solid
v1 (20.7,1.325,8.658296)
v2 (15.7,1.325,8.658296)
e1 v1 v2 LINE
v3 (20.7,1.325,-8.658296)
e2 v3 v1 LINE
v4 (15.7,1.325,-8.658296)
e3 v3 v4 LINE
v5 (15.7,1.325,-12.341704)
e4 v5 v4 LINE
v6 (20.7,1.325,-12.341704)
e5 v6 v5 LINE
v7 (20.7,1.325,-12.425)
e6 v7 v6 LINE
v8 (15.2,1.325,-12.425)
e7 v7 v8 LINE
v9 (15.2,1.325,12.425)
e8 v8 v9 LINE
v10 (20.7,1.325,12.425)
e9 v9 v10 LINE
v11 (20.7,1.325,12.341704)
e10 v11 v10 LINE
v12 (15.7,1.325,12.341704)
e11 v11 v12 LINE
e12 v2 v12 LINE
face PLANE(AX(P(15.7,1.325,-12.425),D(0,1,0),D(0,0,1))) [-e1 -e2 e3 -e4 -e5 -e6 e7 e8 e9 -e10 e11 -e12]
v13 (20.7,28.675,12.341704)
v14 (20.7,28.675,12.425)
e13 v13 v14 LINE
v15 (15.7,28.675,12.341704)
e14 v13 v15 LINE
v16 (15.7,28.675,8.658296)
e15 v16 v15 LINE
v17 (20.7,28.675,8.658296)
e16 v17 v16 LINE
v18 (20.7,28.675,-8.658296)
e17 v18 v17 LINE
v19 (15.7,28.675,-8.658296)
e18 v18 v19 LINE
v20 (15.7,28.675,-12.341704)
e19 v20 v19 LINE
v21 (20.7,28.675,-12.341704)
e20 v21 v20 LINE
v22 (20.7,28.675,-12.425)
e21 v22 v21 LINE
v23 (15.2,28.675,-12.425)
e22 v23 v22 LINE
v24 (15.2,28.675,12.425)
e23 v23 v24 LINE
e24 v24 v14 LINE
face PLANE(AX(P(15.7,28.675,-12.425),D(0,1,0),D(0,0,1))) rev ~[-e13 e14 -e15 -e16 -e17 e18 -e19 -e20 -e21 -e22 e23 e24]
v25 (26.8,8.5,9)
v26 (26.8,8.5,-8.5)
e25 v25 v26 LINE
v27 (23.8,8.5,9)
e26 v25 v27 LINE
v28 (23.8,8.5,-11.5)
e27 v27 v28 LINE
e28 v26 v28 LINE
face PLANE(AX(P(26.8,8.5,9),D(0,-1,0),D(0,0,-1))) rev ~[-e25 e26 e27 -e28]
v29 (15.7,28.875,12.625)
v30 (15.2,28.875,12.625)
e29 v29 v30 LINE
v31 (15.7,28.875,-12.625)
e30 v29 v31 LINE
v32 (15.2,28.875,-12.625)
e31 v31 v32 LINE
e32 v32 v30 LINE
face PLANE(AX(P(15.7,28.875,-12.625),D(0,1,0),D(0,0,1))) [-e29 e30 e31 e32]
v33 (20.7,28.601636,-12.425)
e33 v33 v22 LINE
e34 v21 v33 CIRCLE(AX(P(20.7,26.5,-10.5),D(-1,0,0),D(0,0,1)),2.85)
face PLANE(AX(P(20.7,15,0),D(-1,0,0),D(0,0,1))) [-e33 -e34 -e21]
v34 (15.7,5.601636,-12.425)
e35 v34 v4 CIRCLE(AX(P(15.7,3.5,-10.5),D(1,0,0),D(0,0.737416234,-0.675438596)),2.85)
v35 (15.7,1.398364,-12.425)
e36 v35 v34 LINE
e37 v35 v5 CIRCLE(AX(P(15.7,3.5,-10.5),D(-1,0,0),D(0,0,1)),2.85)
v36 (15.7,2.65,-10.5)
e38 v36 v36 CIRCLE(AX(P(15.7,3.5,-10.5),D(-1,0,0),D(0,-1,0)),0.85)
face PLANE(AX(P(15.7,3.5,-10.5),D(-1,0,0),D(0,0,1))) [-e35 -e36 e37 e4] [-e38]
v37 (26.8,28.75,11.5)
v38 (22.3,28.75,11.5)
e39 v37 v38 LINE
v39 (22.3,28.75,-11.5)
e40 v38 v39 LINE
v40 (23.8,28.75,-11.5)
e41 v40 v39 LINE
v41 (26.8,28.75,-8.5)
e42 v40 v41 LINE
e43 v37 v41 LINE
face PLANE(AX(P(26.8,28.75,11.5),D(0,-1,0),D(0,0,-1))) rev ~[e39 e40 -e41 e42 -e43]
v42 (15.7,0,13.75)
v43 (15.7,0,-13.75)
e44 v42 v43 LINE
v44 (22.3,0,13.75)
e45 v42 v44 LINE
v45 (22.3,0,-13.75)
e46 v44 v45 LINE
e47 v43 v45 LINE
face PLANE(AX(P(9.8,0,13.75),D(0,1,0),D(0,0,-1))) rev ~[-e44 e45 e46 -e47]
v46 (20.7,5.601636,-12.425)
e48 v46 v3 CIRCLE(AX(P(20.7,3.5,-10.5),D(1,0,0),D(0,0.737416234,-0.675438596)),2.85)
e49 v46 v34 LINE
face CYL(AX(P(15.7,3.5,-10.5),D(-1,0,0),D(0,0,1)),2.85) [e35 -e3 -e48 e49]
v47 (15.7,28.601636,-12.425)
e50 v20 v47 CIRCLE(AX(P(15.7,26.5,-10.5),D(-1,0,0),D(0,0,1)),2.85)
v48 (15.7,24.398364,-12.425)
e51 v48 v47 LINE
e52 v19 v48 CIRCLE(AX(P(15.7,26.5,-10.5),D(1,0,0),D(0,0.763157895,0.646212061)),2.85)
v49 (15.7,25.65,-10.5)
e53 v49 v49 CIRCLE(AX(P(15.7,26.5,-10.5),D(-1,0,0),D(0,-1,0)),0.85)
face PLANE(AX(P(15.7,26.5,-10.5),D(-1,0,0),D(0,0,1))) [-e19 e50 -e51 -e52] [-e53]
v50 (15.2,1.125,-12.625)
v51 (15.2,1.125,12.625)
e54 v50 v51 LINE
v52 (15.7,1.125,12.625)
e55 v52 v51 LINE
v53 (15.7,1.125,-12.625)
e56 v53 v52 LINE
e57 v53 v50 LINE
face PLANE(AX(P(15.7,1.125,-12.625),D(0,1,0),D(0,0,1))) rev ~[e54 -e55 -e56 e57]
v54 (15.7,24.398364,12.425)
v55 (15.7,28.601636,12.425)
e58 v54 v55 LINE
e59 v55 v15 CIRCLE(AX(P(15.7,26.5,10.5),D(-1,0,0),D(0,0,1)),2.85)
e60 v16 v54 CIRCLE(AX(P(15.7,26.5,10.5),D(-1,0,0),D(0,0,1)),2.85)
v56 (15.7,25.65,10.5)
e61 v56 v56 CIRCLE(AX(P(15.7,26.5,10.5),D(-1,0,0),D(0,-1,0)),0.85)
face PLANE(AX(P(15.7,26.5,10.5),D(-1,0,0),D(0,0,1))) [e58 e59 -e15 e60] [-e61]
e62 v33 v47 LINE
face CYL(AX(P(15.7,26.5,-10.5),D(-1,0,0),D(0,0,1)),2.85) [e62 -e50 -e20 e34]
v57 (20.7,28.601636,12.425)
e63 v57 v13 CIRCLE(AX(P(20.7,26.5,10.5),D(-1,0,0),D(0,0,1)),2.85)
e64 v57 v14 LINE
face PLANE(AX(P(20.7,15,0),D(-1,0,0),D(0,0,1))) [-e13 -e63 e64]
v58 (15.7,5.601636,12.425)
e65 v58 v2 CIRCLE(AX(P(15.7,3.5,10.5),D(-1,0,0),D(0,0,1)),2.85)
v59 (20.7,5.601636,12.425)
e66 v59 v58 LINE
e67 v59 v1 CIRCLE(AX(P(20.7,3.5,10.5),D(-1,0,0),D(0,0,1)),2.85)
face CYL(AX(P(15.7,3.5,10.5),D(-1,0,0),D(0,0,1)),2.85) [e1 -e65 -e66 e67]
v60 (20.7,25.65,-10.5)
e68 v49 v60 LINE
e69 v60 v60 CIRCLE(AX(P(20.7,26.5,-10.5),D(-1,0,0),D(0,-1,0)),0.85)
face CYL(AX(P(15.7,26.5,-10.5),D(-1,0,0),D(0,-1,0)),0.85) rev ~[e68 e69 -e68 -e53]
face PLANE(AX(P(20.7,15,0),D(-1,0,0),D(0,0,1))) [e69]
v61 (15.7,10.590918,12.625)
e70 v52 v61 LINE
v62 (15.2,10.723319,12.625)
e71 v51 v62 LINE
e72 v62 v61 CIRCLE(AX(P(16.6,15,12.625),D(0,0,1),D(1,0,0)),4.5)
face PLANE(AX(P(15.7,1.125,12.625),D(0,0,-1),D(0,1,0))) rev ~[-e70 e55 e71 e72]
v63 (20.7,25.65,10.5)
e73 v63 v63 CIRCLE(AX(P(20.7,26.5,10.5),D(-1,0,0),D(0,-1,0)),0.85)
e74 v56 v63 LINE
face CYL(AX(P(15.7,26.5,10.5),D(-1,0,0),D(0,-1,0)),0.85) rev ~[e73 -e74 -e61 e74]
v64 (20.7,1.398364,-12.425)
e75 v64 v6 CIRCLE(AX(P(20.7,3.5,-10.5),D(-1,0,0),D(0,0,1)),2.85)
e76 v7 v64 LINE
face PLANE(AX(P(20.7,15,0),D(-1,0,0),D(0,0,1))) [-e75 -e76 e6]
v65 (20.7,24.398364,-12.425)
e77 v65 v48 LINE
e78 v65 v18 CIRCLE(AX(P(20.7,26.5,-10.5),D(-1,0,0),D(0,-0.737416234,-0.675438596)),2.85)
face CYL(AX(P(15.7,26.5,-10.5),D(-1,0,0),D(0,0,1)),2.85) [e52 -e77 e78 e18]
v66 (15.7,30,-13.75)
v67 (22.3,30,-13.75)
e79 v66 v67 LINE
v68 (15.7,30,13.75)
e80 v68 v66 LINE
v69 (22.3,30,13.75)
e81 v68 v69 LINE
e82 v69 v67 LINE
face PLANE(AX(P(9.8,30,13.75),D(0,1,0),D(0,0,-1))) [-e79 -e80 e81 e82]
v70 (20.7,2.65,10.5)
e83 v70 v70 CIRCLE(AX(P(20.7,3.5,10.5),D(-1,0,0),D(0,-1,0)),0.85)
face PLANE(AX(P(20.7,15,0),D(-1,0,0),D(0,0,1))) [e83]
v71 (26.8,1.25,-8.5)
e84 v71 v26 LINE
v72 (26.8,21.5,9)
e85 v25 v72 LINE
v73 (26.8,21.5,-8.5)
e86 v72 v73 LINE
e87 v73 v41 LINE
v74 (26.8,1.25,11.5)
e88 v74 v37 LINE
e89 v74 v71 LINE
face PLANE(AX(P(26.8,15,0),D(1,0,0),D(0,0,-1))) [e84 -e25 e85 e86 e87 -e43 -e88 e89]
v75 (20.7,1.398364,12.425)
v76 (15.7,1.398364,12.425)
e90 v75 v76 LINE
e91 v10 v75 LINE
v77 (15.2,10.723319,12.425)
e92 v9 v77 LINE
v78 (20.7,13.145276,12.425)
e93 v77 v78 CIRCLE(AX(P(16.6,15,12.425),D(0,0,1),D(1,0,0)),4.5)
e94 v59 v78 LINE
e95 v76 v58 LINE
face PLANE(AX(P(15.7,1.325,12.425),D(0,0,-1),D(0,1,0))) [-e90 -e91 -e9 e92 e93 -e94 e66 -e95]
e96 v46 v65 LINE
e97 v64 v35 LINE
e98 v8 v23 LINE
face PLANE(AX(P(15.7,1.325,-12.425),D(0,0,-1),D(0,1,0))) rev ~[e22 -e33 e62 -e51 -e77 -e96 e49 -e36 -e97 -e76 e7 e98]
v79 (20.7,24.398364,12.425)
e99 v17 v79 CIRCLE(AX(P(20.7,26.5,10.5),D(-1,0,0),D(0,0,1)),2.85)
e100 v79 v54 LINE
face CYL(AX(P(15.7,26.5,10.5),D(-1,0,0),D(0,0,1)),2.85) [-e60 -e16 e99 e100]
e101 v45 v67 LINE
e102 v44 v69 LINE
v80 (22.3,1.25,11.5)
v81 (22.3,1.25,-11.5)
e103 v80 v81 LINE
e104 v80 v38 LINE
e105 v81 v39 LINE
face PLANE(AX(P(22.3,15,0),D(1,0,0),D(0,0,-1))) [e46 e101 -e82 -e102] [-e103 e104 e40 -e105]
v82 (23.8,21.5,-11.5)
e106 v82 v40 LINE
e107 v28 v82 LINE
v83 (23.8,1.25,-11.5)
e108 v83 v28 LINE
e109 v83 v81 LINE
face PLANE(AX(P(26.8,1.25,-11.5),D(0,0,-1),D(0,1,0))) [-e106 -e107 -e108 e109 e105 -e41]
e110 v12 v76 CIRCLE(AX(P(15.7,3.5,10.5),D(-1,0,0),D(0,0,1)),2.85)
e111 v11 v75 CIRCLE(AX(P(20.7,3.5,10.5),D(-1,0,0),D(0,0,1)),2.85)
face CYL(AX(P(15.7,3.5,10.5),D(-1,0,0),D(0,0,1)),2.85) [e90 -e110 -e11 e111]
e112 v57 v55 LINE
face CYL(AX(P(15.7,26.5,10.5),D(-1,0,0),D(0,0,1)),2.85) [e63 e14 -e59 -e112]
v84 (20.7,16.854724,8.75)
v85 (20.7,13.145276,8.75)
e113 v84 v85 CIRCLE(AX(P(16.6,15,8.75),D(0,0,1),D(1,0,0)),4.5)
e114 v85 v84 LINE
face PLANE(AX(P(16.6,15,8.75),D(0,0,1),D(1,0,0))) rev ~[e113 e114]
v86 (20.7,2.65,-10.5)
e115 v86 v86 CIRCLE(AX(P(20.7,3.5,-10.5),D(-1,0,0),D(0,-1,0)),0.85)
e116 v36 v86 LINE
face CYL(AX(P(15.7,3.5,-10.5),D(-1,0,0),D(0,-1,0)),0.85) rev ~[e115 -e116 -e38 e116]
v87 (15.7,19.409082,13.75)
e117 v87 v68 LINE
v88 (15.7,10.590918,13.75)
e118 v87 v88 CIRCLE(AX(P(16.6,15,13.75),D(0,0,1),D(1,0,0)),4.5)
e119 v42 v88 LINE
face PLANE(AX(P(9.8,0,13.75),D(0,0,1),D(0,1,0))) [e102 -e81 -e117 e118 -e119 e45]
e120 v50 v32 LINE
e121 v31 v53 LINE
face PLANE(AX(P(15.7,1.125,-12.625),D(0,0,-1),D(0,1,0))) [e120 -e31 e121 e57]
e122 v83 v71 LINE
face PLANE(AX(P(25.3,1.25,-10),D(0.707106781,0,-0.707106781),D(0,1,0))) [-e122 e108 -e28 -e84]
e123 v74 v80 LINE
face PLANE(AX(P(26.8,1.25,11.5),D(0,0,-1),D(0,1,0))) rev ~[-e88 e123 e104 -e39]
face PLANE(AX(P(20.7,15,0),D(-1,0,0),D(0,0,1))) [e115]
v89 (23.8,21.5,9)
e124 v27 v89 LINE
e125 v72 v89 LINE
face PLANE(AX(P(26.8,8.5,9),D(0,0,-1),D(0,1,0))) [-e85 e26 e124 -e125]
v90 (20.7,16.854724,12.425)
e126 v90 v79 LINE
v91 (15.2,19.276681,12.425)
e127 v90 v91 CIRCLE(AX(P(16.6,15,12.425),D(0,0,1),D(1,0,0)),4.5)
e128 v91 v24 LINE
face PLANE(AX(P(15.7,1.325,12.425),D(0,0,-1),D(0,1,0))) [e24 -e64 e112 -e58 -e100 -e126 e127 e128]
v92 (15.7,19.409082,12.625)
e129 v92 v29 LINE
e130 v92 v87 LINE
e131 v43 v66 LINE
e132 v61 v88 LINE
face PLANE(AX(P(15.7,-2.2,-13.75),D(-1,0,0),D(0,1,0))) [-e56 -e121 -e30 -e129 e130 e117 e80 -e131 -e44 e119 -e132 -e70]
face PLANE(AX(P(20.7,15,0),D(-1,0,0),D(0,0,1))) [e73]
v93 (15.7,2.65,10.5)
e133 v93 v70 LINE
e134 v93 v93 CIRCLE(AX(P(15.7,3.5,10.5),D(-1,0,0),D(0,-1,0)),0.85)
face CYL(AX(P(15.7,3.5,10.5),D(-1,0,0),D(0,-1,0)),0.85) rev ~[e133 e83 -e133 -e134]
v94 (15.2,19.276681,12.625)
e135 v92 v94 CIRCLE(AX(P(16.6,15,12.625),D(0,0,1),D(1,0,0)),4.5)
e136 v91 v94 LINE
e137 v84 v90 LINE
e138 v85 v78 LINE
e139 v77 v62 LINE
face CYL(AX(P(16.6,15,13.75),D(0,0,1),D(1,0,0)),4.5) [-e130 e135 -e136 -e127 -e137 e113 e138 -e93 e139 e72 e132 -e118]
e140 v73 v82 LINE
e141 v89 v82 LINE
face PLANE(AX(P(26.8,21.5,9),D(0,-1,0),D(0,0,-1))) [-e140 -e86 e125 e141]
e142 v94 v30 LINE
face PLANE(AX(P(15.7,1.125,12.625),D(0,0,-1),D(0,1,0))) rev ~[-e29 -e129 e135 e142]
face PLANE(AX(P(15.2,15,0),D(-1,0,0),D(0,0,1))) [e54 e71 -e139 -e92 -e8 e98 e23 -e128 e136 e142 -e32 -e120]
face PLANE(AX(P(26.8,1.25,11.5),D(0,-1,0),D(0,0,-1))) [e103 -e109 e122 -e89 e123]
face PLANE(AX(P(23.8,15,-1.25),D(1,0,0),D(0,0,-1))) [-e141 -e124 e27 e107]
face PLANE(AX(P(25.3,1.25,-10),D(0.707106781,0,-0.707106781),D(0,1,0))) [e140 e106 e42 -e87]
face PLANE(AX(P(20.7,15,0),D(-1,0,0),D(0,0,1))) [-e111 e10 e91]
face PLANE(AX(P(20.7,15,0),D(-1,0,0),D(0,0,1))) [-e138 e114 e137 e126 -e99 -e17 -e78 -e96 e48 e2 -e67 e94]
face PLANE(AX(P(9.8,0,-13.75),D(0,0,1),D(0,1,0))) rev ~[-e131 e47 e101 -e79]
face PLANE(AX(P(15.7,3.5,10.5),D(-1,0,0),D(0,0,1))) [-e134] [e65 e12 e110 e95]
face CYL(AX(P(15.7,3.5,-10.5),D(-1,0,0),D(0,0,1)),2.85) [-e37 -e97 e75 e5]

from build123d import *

# Parameters (mm, degrees)
SKETCH_1_R                 = 2.9
EXTRUDE_1_DEPTH            = 30
SKETCH_2_W                 = 27.5
SKETCH_2_H                 = 30
EXTRUDE_2_DEPTH            = 17
CUT_EXTRUDE_1_REACH        = 39.833
SKETCH_3_W                 = 27.5
SKETCH_3_H                 = 19.8
SKETCH_4_W                 = 27.5
SKETCH_4_H                 = 30
SKETCH_4_W_2               = 23
SKETCH_4_H_2               = 27.5
CUT_EXTRUDE_2_DEPTH        = 4.5
CHAMFER_1_SIZE             = 3
SKETCH_5_W                 = 20.5
SKETCH_5_H                 = 13
CUT_EXTRUDE_3_DEPTH        = 3
SKETCH_6_R                 = 7.5
SKETCH_6_R_2               = 2.9
EXTRUDE_3_DEPTH            = 2.2
CHAMFER_2_SIZE             = 2
CHAMFER_2_OF_MIRROR_1_SIZE = 2
CUT_EXTRUDE_4_REACH        = 52.113
SKETCH_7_W                 = 25
SKETCH_7_H                 = 34.4
SKETCH_8_W                 = 25.25
SKETCH_8_H                 = 27.75
SKETCH_8_W_2               = 24.85
SKETCH_8_H_2               = 27.35
EXTRUDE_4_DEPTH            = 0.5
SKETCH_9_W                 = 24.85
SKETCH_9_H                 = 27.35
CUT_EXTRUDE_5_DEPTH        = 5
SKETCH_10_R                = 4.5
EXTRUDE_5_DEPTH            = 5
SKETCH_11_R                = 2.85
SKETCH_11_R_2              = 0.85
EXTRUDE_6_DEPTH            = 5


with BuildPart() as part:
    # 草图1 → 凸台-拉伸1 (new body)
    with BuildSketch(Plane(origin=(0, 0, 0), x_dir=(1, 0, 0), z_dir=(0, 1, 0))):
        with BuildLine():
            Line((-0.305751289, 8.694625705), (9.8, 9.05))
            Line((9.8, 9.05), (9.8, -9.05))
            Line((9.8, -9.05), (-0.305751289, -8.694625705))
            ThreePointArc((-0.305751289, -8.694625705), (-8.7, 0), (-0.305751289, 8.694625705))
        make_face()
        with Locations(Location((0, 0, 0), (0, 0, 270))):
            Circle(SKETCH_1_R, mode=Mode.SUBTRACT)
    extrude(amount=EXTRUDE_1_DEPTH)

    # 草图2 → 凸台-拉伸2 (add)
    with BuildSketch(Plane(origin=(9.8, 0, 0), x_dir=(0, 0, -1), z_dir=(1, 0, 0))):
        with Locations((0, 15)):
            Rectangle(SKETCH_2_W, SKETCH_2_H)
    extrude(amount=EXTRUDE_2_DEPTH)

    # 草图3 → 切除-拉伸1 (cut, up to next)
    with BuildSketch(Plane.ZY.offset(-9.8), mode=Mode.PRIVATE) as cut_extrude_1_sk1:
        with Locations((0, 15)):
            Rectangle(SKETCH_3_W, SKETCH_3_H)
    cut_extrude_1_tool1 = extrude(cut_extrude_1_sk1.sketch, amount=CUT_EXTRUDE_1_REACH, mode=Mode.PRIVATE) & part.part
    add(cut_extrude_1_tool1.solids().sort_by_distance((9.8, 15, 0))[0], mode=Mode.SUBTRACT)

    # 草图4 → 切除-拉伸2 (cut)
    with BuildSketch(Plane(origin=(26.8, 0, 0), x_dir=(0, 0, -1), z_dir=(1, 0, 0))):
        with Locations((0, 15)):
            Rectangle(SKETCH_4_W, SKETCH_4_H)
        with Locations((0, 15)):
            Rectangle(SKETCH_4_W_2, SKETCH_4_H_2, mode=Mode.SUBTRACT)
    extrude(amount=-CUT_EXTRUDE_2_DEPTH, mode=Mode.SUBTRACT)

    # 倒角1
    chamfer_1_edges = [part.edges().sort_by_distance(p)[0] for p in [
        (26.8, 15, -11.5),
    ]]
    chamfer(chamfer_1_edges, length=CHAMFER_1_SIZE)

    # 草图5 → 切除-拉伸3 (cut)
    with BuildSketch(Plane(origin=(26.8, 0, 0), x_dir=(0, 0, -1), z_dir=(1, 0, 0))):
        with Locations((1.25, 15)):
            Rectangle(SKETCH_5_W, SKETCH_5_H)
    extrude(amount=-CUT_EXTRUDE_3_DEPTH, mode=Mode.SUBTRACT)

    # 草图6 → 凸台-拉伸3 (add)
    with BuildSketch(Plane(origin=(0, 30, 0), x_dir=(1, 0, 0), z_dir=(0, 1, 0))):
        with Locations(Location((0, 0, 0), (0, 0, 270))):
            Circle(SKETCH_6_R)
        with Locations(Location((0, 0, 0), (0, 0, 270))):
            Circle(SKETCH_6_R_2, mode=Mode.SUBTRACT)
    extrude_3 = extrude(amount=EXTRUDE_3_DEPTH)

    # 倒角2
    chamfer_2_edges = [part.edges().sort_by_distance(p)[0] for p in [
        (0, 32.2, -7.5),
    ]]
    chamfer(chamfer_2_edges, length=CHAMFER_2_SIZE)

    # 镜向1: 凸台-拉伸3 across plane
    add(extrude_3.mirror(Plane(origin=(0, 15, 0), x_dir=(0, 0, 1), z_dir=(0, -1, 0))))

    # 倒角2 of 镜向1
    chamfer_2_of_mirror_1_edges = [part.edges().sort_by_distance(p)[0] for p in [
        (0, -2.2, -7.5),
    ]]
    chamfer(chamfer_2_of_mirror_1_edges, length=CHAMFER_2_OF_MIRROR_1_SIZE)

    # 草图7 → 切除-拉伸4 (cut, up to next)
    with BuildSketch(Plane(origin=(0, 0, -13.75), x_dir=(-1, 0, 0), z_dir=(0, 0, -1)), mode=Mode.PRIVATE) as cut_extrude_4_sk1:
        with Locations((-3.2, 15)):
            Rectangle(SKETCH_7_W, SKETCH_7_H)
    cut_extrude_4_tool1 = extrude(cut_extrude_4_sk1.sketch, amount=-CUT_EXTRUDE_4_REACH, mode=Mode.PRIVATE) & part.part
    add(cut_extrude_4_tool1.solids().sort_by_distance((3.2, 15, -13.75))[0], mode=Mode.SUBTRACT)

    # 草图8 → 凸台-拉伸4 (add)
    with BuildSketch(Plane.ZY.offset(-15.7)):
        with Locations((0, 15)):
            Rectangle(SKETCH_8_W, SKETCH_8_H)
        with Locations((0, 15)):
            Rectangle(SKETCH_8_W_2, SKETCH_8_H_2, mode=Mode.SUBTRACT)
    extrude(amount=EXTRUDE_4_DEPTH)

    # 草图9 → 切除-拉伸5 (cut)
    with BuildSketch(Plane.ZY.offset(-15.7)):
        with Locations((0, 15)):
            Rectangle(SKETCH_9_W, SKETCH_9_H)
    extrude(amount=-CUT_EXTRUDE_5_DEPTH, mode=Mode.SUBTRACT)

    # 草图10 → 凸台-拉伸5 (add)
    with BuildSketch(Plane.XY.offset(13.75)):
        with Locations((16.6, 15)):
            Circle(SKETCH_10_R)
    extrude(amount=-EXTRUDE_5_DEPTH)

    # 草图11 → 凸台-拉伸6 (add)
    # profile 1 of 4: a face of its own
    with BuildSketch(Plane.ZY.offset(-15.7)):
        with Locations((-10.5, 26.5)):
            Circle(SKETCH_11_R)
        with Locations(Location((-10.5, 26.5, 0), (0, 0, 270))):
            Circle(SKETCH_11_R_2, mode=Mode.SUBTRACT)
    # profile 2 of 4: a face of its own
    with BuildSketch(Plane.ZY.offset(-15.7)):
        with Locations((10.5, 26.5)):
            Circle(SKETCH_11_R)
        with Locations(Location((10.5, 26.5, 0), (0, 0, 270))):
            Circle(SKETCH_11_R_2, mode=Mode.SUBTRACT)
    # profile 3 of 4: a face of its own
    with BuildSketch(Plane.ZY.offset(-15.7)):
        with Locations((-10.5, 3.5)):
            Circle(SKETCH_11_R)
        with Locations(Location((-10.5, 3.5, 0), (0, 0, 270))):
            Circle(SKETCH_11_R_2, mode=Mode.SUBTRACT)
    # profile 4 of 4: a face of its own
    with BuildSketch(Plane.ZY.offset(-15.7)):
        with Locations((10.5, 3.5)):
            Circle(SKETCH_11_R)
        with Locations(Location((10.5, 3.5, 0), (0, 0, 270))):
            Circle(SKETCH_11_R_2, mode=Mode.SUBTRACT)
    extrude(amount=-EXTRUDE_6_DEPTH)


solid = part.part
